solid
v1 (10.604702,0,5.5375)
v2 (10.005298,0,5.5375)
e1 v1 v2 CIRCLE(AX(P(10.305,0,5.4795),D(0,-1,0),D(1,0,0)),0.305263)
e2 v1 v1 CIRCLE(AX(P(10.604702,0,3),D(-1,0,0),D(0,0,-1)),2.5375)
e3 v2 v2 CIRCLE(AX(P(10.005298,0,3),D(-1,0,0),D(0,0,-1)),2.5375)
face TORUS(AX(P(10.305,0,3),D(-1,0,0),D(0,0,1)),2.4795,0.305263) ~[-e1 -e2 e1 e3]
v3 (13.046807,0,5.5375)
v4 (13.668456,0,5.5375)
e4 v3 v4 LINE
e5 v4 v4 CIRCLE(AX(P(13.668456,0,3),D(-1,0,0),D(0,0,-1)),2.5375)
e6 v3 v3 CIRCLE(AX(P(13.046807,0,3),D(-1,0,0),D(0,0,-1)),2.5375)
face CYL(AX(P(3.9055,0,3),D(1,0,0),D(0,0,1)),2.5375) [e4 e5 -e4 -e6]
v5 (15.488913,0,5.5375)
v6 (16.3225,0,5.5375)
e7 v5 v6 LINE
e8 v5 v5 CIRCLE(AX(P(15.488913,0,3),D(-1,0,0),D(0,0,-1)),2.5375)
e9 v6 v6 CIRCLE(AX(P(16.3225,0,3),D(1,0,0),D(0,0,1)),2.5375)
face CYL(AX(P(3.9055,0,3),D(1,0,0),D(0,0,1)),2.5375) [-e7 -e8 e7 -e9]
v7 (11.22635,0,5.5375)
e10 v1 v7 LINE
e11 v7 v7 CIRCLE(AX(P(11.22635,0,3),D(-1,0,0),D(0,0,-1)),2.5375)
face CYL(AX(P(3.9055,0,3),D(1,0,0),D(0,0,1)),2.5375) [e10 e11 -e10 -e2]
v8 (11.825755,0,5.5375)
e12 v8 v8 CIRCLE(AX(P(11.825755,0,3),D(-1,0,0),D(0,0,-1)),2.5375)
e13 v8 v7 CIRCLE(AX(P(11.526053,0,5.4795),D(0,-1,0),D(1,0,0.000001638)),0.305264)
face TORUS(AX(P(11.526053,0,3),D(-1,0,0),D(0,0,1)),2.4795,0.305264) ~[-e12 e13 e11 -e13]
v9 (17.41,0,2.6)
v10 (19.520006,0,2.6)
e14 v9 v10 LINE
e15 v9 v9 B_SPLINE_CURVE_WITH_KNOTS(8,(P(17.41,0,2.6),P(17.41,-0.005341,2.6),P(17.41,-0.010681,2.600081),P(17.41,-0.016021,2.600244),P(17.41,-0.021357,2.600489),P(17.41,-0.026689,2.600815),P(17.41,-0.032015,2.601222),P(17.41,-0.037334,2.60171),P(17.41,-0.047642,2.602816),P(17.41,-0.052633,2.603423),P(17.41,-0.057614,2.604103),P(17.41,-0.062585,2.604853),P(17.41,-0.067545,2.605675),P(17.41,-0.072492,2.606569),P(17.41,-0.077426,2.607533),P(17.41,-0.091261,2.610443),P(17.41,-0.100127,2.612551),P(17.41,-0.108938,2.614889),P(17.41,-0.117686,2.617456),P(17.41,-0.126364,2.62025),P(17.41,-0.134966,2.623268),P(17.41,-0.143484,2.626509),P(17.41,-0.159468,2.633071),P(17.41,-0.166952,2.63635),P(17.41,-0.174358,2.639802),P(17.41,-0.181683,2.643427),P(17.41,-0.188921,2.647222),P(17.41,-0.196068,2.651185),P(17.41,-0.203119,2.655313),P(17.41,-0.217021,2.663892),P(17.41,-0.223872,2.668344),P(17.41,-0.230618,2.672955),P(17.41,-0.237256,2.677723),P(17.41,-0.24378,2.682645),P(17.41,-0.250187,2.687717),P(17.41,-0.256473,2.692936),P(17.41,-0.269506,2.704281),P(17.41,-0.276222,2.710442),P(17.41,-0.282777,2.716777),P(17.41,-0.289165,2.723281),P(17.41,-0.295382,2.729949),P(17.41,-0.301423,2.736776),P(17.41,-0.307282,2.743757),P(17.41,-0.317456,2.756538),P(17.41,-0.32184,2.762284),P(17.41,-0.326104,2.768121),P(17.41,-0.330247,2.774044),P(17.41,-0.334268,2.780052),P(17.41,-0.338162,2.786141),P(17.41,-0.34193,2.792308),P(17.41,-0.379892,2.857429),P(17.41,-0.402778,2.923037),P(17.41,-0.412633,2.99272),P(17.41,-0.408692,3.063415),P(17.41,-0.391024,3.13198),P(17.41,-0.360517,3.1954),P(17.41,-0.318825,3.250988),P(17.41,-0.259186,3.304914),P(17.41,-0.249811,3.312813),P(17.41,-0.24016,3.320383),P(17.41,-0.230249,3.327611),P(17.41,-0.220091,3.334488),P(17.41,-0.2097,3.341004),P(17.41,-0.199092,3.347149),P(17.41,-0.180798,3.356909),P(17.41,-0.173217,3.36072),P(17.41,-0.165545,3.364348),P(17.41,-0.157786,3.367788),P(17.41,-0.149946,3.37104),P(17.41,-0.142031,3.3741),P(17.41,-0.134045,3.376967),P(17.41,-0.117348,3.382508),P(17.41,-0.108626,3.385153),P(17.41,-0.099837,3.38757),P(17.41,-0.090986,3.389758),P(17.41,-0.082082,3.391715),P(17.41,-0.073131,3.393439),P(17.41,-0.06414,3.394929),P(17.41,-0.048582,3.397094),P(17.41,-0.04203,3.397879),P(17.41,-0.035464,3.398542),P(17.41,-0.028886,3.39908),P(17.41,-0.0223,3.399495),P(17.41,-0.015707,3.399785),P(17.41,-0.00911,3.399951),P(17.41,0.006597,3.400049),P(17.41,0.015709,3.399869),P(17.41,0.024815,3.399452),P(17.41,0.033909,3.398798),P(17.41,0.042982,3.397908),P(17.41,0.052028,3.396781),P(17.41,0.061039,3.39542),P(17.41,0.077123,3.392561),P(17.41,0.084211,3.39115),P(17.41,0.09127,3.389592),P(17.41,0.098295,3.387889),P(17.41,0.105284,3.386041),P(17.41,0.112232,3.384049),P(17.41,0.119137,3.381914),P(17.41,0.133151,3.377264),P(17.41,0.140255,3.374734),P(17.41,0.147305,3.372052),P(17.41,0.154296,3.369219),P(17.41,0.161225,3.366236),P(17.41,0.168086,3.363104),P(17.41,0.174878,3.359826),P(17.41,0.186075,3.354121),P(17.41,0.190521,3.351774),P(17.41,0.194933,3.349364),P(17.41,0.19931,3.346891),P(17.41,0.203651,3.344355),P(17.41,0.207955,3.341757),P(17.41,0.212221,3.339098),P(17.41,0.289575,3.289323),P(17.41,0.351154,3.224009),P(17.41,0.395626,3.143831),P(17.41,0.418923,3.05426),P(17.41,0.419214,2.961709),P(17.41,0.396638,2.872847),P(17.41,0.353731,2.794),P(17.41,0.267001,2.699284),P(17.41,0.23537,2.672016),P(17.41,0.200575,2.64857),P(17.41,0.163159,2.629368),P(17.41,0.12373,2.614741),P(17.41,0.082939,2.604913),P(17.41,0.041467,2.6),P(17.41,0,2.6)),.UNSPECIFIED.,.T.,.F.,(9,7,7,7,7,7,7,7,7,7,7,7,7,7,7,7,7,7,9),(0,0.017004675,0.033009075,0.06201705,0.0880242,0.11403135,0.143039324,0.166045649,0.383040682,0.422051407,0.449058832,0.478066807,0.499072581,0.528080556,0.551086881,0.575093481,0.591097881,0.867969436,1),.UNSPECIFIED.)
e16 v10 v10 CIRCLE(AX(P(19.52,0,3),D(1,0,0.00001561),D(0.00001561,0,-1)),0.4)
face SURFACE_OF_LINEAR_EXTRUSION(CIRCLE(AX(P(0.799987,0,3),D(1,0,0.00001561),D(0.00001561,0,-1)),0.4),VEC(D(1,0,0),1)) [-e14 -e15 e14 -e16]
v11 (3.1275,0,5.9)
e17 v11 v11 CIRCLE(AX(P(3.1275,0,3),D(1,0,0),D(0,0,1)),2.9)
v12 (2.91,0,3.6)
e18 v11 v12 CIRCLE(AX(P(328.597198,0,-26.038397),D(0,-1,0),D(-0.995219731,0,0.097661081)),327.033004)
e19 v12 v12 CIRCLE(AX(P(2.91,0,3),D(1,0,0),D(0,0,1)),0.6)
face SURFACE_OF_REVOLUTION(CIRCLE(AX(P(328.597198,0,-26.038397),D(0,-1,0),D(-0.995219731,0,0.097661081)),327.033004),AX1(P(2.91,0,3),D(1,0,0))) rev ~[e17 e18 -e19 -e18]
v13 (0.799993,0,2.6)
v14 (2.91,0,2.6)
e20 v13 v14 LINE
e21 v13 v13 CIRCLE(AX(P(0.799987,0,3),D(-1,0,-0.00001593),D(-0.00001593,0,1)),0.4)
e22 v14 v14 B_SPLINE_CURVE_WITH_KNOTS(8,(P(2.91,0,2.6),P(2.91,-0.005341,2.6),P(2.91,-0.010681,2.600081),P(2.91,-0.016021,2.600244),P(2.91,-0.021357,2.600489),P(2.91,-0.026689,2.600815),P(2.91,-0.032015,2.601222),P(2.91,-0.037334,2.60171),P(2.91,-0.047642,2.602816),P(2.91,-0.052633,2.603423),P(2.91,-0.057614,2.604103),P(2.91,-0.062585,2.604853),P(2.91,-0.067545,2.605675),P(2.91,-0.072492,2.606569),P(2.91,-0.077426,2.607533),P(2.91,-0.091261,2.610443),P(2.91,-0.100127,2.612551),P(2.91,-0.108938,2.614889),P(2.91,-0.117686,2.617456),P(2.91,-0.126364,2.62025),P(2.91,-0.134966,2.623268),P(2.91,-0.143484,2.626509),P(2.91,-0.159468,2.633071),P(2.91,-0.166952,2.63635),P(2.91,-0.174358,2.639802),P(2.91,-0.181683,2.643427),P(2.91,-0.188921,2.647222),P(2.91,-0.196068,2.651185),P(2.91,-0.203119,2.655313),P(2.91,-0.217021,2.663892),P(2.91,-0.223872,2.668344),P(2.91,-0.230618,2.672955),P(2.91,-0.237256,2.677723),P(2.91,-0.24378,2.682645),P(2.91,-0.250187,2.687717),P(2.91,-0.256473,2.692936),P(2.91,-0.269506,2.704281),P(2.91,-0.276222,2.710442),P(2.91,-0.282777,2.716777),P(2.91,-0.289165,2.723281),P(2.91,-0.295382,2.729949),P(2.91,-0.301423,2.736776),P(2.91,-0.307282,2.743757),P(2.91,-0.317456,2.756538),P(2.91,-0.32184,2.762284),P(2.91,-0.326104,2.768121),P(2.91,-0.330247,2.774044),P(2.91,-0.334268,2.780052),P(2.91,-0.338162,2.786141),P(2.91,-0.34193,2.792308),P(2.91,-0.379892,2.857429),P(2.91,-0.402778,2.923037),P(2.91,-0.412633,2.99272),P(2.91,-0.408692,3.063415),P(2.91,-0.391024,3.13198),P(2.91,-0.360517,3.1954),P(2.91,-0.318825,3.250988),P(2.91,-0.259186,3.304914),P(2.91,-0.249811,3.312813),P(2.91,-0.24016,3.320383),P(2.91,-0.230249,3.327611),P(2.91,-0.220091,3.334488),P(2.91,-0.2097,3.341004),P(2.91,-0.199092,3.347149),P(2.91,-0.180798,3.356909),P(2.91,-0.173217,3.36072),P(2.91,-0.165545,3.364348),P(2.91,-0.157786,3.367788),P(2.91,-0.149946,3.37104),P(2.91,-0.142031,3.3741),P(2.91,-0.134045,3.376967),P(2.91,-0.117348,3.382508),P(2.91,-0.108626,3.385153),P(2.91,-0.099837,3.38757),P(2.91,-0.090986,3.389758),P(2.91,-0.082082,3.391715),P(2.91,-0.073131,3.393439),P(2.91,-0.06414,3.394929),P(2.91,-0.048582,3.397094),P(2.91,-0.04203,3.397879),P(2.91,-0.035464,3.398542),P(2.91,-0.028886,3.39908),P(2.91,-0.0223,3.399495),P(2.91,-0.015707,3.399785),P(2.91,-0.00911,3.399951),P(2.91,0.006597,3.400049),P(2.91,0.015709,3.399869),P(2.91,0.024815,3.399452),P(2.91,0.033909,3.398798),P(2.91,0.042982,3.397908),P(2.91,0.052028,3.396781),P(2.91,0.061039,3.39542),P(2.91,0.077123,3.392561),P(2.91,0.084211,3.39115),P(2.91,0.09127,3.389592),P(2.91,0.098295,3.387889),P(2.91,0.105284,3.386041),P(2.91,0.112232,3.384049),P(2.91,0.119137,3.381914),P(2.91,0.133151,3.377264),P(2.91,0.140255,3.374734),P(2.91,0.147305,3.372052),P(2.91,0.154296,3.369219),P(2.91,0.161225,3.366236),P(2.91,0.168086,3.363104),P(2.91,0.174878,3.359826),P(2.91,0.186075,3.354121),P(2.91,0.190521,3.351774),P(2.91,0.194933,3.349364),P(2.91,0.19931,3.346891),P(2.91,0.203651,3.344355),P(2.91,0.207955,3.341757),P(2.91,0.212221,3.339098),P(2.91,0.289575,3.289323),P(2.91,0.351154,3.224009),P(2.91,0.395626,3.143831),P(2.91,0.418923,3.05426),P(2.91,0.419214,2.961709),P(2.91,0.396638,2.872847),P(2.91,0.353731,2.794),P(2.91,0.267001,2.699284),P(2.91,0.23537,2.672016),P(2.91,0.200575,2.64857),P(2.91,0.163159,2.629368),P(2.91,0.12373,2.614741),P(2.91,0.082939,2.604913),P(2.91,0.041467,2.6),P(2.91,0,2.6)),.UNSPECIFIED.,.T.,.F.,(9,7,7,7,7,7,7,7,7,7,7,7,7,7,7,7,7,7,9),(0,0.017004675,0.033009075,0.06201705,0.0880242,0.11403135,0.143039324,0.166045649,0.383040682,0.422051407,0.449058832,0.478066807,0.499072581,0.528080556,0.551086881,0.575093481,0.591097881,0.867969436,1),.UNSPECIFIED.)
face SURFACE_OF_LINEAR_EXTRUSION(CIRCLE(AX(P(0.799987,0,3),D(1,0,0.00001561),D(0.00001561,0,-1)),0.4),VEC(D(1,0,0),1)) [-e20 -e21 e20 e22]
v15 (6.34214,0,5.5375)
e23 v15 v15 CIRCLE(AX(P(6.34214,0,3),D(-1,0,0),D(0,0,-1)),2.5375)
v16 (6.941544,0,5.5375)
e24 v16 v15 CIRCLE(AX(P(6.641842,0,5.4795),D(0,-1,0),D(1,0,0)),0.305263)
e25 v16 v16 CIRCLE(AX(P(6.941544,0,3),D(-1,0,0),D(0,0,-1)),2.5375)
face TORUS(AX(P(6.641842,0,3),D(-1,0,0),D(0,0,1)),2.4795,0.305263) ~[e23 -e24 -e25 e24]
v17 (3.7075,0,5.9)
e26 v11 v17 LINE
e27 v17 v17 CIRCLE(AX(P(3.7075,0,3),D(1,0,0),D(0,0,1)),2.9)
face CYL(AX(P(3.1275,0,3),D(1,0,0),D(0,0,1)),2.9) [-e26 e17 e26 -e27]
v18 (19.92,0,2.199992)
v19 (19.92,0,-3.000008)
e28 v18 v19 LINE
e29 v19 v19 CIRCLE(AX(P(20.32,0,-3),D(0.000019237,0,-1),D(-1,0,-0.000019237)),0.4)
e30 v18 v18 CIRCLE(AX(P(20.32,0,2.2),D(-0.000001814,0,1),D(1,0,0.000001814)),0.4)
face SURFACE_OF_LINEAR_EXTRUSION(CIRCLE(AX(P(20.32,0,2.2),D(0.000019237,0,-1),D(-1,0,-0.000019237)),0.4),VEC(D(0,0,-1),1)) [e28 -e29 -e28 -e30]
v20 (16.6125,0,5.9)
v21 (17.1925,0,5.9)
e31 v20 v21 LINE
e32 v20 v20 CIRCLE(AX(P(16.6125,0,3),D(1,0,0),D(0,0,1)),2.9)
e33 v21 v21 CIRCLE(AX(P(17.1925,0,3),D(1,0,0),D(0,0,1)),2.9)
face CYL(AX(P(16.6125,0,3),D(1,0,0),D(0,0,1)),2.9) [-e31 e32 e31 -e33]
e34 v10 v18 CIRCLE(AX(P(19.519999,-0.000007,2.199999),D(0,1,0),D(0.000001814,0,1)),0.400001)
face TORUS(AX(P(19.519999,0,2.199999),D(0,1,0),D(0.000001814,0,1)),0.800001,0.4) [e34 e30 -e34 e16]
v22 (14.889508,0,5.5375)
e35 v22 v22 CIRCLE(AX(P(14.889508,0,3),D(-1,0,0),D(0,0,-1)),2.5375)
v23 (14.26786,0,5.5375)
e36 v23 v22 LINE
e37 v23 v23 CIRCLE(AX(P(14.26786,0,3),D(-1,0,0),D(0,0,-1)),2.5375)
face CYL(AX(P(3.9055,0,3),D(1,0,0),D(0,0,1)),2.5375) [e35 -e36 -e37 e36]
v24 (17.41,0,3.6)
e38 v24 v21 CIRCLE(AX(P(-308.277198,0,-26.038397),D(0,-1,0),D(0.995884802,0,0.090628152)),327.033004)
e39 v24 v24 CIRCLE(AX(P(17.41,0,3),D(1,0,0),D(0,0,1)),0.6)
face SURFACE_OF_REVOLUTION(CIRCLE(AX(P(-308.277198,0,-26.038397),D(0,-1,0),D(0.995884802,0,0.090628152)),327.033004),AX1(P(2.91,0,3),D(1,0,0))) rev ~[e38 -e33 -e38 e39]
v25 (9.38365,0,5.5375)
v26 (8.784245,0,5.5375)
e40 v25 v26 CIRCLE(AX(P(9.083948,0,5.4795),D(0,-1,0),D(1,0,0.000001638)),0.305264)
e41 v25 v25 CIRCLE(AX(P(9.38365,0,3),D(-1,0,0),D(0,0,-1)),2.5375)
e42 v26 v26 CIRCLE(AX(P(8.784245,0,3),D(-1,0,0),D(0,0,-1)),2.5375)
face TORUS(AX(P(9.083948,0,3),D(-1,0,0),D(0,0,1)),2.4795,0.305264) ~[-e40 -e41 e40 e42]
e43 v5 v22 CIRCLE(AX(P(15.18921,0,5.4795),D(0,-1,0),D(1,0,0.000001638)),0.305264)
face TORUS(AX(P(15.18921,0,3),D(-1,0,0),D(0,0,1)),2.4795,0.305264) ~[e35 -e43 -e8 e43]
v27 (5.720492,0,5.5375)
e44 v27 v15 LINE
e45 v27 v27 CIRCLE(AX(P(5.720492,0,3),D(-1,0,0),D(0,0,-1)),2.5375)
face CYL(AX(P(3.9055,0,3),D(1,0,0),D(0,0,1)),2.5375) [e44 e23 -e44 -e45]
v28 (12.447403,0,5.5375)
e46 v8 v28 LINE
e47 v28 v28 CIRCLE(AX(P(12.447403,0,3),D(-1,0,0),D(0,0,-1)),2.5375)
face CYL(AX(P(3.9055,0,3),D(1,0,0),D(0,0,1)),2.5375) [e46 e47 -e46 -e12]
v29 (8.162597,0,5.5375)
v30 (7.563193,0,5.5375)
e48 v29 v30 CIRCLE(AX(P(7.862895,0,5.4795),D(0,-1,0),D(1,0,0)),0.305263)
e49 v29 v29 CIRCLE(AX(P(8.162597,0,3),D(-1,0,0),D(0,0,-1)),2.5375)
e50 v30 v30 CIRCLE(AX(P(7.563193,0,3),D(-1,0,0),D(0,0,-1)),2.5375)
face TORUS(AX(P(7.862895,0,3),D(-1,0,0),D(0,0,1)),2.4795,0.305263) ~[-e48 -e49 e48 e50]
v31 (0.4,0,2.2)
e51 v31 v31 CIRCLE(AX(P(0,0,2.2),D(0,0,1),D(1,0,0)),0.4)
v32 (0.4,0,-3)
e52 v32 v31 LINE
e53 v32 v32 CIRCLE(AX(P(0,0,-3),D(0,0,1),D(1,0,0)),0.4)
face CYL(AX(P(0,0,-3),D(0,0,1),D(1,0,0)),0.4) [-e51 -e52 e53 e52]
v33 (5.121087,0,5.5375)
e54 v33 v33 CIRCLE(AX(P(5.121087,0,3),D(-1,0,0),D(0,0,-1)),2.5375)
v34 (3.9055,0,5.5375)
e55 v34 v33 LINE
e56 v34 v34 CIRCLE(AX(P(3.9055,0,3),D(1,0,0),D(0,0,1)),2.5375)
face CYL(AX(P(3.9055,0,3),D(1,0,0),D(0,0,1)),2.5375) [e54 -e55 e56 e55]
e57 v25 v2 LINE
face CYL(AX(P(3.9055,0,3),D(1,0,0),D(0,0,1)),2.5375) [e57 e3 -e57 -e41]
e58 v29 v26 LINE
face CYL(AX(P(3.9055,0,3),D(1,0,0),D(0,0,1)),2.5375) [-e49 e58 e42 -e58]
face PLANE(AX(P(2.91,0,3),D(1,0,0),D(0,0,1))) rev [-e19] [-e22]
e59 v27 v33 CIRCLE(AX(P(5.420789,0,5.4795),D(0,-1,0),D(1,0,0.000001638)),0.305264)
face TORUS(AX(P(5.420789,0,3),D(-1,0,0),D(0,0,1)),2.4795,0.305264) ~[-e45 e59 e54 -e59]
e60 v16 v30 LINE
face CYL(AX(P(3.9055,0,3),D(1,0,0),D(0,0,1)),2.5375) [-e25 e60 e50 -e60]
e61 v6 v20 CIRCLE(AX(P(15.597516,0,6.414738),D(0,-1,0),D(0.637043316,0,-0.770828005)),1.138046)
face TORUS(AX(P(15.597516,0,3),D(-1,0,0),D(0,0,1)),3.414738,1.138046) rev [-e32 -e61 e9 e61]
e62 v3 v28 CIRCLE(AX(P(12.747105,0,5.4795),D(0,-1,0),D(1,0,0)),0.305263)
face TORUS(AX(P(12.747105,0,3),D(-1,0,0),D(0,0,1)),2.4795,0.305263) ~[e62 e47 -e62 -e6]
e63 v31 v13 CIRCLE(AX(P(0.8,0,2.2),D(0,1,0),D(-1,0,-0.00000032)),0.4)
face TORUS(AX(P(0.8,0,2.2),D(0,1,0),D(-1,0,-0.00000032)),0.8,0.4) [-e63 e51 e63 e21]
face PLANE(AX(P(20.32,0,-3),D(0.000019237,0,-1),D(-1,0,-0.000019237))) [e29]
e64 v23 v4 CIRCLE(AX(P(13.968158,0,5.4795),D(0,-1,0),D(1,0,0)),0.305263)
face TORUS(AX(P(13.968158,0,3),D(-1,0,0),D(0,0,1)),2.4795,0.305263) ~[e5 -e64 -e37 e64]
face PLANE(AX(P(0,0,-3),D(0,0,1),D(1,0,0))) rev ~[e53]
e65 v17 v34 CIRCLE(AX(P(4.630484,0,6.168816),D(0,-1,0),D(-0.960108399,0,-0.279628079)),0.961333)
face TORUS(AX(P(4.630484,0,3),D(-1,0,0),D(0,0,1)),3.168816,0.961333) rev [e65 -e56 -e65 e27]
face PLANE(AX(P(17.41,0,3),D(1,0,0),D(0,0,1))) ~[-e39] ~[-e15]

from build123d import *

# Parameters (mm, degrees)
SKETCH_R = 0.4


with BuildPart() as sweep_body:
    # Sweep: sweep along a path in Sketch001
    with BuildLine(Plane.XZ) as sweep_path:
        Line((0, -3), (0, 2.2))
        ThreePointArc((0, 2.2), (0.23431, 2.765681), (0.799987, 3))
        Line((0.799987, 3), (19.52, 3))
        ThreePointArc((19.52, 3), (20.085685, 2.765685), (20.32, 2.2))
        Line((20.32, 2.2), (20.32, -3))
    # Sketch → Sweep (sweep)
    with BuildSketch(Plane.XY.offset(-2)):
        Circle(SKETCH_R)
    sweep(path=sweep_path.line)


with BuildPart() as revolution:
    # Sketch002 → Revolution (revolve)
    with BuildSketch(Plane.XZ):
        with BuildLine():
            Line((3.1275, 5.9), (3.7075, 5.9))
            ThreePointArc((3.7075, 5.9), (3.786801, 5.70799), (3.9055, 5.5375))
            Line((3.9055, 5.5375), (16.3225, 5.5375))
            ThreePointArc((16.3225, 5.5375), (16.48618, 5.703806), (16.6125, 5.9))
            Line((16.6125, 5.9), (17.1925, 5.9))
            ThreePointArc((17.41, 3.6), (17.303281, 4.750192), (17.1925, 5.9))
            Line((17.41, 3), (17.41, 3.6))
            Line((2.91, 3), (17.41, 3))
            Line((2.91, 3), (2.91, 3.6))
            ThreePointArc((3.1275, 5.9), (3.016719, 4.750192), (2.91, 3.6))
        make_face()
    revolve(axis=Axis((2.91, 0, 3), (1, 0, 0)))


with BuildPart() as revolution001_mp_cp:
    # Sketch003 → Revolution001 (revolve)
    with BuildSketch(Plane.XZ):
        with BuildLine():
            ThreePointArc((5.726053, 5.4795), (5.420789, 5.784763), (5.115526, 5.4795))
            Line((4.505, 5.4795), (5.115526, 5.4795))
            Line((4.505, 5.4795), (4.505, 4.8995))
            Line((4.505, 4.8995), (16.105, 4.8995))
            Line((16.105, 4.8995), (16.105, 5.4795))
            Line((15.494474, 5.4795), (16.105, 5.4795))
            ThreePointArc((15.494474, 5.4795), (15.189211, 5.784763), (14.883947, 5.4795))
            Line((14.273421, 5.4795), (14.883947, 5.4795))
            ThreePointArc((14.273421, 5.4795), (13.968158, 5.784763), (13.662895, 5.4795))
            Line((13.052368, 5.4795), (13.662895, 5.4795))
            ThreePointArc((13.052368, 5.4795), (12.747105, 5.784763), (12.441842, 5.4795))
            Line((11.831316, 5.4795), (12.441842, 5.4795))
            ThreePointArc((11.831316, 5.4795), (11.526053, 5.784763), (11.220789, 5.4795))
            Line((10.610263, 5.4795), (11.220789, 5.4795))
            ThreePointArc((10.610263, 5.4795), (10.305, 5.784763), (9.999737, 5.4795))
            Line((9.389211, 5.4795), (9.999737, 5.4795))
            ThreePointArc((9.389211, 5.4795), (9.083947, 5.784763), (8.778684, 5.4795))
            Line((8.168158, 5.4795), (8.778684, 5.4795))
            ThreePointArc((8.168158, 5.4795), (7.862895, 5.784763), (7.557632, 5.4795))
            Line((6.947105, 5.4795), (7.557632, 5.4795))
            ThreePointArc((6.947105, 5.4795), (6.641842, 5.784763), (6.336579, 5.4795))
            Line((5.726053, 5.4795), (6.336579, 5.4795))
        make_face()
    revolve(axis=Axis((3.2725, 0, 3), (1, 0, 0)))

    # Revolution001_mp_cp: union Sweep body, Revolution
    add(sweep_body.part)
    add(revolution.part)


solid = revolution001_mp_cp.part
